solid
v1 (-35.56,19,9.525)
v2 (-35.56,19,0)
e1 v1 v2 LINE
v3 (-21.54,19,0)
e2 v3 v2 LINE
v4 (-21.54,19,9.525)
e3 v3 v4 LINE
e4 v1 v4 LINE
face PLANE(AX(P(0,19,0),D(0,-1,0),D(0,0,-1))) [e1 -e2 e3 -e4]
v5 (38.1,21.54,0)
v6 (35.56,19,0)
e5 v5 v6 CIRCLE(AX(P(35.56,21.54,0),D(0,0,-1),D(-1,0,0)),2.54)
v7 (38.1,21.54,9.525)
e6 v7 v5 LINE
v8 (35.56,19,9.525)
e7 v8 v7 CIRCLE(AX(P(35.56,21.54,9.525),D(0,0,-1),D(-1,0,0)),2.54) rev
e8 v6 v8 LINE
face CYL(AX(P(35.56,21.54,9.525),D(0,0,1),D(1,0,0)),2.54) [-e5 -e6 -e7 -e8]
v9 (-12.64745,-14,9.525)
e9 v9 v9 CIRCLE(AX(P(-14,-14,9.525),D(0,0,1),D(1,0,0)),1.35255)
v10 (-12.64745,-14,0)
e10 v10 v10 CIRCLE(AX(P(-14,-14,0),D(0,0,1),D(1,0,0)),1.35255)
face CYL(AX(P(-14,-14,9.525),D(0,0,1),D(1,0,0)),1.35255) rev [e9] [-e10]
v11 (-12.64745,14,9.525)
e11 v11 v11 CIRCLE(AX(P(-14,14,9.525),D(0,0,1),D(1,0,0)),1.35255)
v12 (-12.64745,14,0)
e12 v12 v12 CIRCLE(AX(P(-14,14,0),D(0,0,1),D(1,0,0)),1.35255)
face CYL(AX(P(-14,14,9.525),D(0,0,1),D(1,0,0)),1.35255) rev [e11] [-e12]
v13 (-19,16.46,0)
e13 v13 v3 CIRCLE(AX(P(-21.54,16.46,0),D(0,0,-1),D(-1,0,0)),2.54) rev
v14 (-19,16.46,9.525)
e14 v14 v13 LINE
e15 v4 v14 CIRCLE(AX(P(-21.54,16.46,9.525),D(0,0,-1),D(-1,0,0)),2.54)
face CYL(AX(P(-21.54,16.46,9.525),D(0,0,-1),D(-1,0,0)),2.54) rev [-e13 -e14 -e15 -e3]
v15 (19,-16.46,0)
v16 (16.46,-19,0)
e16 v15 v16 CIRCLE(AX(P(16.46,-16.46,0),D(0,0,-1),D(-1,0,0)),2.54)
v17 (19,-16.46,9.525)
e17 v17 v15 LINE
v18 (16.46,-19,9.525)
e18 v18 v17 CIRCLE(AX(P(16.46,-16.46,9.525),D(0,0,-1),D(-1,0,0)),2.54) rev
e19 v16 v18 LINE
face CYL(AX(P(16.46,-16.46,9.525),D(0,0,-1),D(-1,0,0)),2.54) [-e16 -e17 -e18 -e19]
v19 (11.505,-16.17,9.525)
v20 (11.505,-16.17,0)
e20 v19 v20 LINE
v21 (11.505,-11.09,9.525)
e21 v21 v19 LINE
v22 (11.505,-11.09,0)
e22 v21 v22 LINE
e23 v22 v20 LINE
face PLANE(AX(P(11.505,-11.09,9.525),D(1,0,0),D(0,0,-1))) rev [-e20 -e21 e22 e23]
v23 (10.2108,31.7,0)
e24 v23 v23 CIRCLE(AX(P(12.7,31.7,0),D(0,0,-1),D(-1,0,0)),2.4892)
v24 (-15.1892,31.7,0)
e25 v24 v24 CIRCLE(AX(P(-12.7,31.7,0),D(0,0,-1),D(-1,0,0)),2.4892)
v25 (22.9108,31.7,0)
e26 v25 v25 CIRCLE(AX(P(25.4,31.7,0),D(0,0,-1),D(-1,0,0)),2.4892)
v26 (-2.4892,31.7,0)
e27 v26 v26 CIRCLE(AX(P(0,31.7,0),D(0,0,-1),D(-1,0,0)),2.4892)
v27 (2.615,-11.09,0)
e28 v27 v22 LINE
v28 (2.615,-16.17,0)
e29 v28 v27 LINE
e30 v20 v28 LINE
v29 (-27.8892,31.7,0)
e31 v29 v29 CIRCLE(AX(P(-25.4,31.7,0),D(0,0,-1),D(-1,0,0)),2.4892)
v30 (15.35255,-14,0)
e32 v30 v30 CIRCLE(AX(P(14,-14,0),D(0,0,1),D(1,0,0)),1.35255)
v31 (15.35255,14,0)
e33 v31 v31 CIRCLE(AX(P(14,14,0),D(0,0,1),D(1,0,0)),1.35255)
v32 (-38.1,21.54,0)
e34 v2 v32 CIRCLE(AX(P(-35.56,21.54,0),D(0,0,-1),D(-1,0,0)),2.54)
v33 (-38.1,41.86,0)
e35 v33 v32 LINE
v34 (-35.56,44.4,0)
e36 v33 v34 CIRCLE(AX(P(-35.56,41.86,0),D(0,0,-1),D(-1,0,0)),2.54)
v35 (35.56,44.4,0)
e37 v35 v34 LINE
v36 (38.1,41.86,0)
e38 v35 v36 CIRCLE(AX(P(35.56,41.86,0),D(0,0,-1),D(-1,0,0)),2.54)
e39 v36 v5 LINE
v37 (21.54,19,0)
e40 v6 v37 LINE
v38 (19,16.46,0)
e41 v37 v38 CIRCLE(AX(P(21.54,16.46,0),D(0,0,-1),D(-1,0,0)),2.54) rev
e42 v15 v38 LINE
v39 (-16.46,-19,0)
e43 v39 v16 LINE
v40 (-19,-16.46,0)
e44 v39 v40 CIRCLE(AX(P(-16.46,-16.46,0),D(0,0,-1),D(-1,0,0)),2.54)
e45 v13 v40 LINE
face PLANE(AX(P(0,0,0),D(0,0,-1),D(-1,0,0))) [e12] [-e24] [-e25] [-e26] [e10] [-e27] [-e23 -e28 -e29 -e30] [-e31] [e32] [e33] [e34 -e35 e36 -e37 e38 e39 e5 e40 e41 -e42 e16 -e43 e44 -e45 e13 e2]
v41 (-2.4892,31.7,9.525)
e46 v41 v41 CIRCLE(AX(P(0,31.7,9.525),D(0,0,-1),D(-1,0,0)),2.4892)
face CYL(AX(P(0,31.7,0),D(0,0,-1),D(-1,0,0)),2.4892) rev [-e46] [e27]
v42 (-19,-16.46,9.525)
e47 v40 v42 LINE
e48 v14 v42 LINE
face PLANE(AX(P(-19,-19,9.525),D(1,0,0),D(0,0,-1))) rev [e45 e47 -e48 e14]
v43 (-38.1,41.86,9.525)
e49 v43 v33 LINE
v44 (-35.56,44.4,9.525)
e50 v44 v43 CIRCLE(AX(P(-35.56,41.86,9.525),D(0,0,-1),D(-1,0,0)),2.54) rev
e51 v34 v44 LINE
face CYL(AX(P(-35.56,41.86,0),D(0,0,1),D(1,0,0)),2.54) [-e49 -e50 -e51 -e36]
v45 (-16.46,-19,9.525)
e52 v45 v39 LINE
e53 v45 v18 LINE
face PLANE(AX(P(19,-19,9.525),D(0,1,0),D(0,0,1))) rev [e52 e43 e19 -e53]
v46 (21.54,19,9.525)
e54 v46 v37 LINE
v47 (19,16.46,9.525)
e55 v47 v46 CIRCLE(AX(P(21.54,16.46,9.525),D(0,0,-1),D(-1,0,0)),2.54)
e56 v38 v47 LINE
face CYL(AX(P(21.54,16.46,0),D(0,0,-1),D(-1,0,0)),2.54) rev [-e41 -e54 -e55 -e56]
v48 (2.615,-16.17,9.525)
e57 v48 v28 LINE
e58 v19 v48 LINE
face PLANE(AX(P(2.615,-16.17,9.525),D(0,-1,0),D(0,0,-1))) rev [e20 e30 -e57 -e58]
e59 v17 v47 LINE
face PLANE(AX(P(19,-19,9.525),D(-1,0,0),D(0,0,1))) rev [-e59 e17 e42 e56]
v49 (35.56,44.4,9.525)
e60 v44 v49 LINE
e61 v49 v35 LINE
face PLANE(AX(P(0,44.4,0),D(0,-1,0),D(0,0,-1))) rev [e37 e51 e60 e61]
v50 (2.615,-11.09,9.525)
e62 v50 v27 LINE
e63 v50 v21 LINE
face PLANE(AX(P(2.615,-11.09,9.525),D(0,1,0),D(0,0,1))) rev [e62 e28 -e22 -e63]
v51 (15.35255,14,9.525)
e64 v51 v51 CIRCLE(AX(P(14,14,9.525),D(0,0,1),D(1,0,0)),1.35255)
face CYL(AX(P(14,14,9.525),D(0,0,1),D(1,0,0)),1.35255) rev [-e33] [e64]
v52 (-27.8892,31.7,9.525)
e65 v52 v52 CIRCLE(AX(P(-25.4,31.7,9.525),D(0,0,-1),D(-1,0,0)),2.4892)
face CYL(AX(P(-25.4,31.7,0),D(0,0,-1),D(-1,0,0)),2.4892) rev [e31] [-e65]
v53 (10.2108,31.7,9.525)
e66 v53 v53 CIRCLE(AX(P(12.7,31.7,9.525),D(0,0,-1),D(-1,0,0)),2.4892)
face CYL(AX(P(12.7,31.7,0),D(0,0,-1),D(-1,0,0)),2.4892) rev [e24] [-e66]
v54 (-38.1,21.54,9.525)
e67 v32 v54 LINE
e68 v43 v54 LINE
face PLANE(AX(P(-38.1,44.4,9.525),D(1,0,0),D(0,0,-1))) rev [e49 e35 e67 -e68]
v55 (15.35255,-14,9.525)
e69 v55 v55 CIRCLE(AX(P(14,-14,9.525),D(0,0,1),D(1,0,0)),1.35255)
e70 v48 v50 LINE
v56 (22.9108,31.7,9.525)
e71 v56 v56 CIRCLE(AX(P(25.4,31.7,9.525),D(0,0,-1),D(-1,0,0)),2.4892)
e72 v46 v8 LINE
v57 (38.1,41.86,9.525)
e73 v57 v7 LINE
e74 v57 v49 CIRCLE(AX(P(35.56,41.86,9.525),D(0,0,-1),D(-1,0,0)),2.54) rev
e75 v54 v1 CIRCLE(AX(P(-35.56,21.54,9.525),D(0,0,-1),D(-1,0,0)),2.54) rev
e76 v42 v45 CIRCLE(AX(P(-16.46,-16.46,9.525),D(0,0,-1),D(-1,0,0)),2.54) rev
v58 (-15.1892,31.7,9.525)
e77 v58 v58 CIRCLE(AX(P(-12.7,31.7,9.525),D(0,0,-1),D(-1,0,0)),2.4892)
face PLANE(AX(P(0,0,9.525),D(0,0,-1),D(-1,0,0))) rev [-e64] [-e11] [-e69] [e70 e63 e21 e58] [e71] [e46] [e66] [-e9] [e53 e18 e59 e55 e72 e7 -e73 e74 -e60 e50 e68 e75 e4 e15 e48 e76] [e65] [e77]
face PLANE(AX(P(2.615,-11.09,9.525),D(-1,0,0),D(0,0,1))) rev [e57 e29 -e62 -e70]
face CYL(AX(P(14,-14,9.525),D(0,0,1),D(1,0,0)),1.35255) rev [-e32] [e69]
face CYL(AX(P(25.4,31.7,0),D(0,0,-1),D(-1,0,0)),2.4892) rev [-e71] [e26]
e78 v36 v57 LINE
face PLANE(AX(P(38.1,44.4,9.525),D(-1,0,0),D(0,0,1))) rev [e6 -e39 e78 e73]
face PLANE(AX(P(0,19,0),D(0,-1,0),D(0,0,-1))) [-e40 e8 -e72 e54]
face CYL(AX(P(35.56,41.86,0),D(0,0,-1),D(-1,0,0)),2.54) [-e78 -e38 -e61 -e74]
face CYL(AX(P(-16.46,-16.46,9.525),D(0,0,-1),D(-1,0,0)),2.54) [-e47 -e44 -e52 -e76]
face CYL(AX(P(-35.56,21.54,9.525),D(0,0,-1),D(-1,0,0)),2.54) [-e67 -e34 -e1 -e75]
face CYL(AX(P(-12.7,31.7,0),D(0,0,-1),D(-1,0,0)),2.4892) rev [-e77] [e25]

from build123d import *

# Parameters (mm, degrees)
SKETCH1_W                    = 38
SKETCH1_H                    = 38
BOSS_EXTRUDE1_DEPTH          = 9.525
F_36_0_1065_DIAMETER_HOLE2_D = 2.7051
SKETCH7_W                    = 8.89
SKETCH7_H                    = 5.08
CUT_EXTRUDE1_DEPTH           = 29.508343077
SKETCH8_W                    = 76.2
SKETCH8_H                    = 9.525
BOSS_EXTRUDE2_DEPTH          = 25.4
F_9_0_196_DIAMETER_HOLE1_D   = 4.9784
FILLET1_R                    = 2.54


with BuildPart() as part:
    # Sketch1 → Boss-Extrude1 (new body)
    with BuildSketch(Plane(origin=(0, 0, 0), x_dir=(0, 1, 0), z_dir=(0, 0, 1))):
        Rectangle(SKETCH1_W, SKETCH1_H)
    extrude(amount=BOSS_EXTRUDE1_DEPTH)

    # #36 (0.1065) Diameter Hole2 (through all)
    with Locations(Plane.XY.offset(9.525)):
        with Locations((-14, -14), (14, -14), (14, 14), (-14, 14)):
            Hole(F_36_0_1065_DIAMETER_HOLE2_D / 2)

    # Sketch7 → Cut-Extrude1 (cut, through all)
    with BuildSketch(Plane(origin=(0, 0, 0), x_dir=(1, 0, 0), z_dir=(0, 0, -1))):
        with Locations((7.05999991, 13.629999978)):
            Rectangle(SKETCH7_W, SKETCH7_H)
    extrude(amount=-CUT_EXTRUDE1_DEPTH, mode=Mode.SUBTRACT)

    # Sketch8 → Boss-Extrude2 (add)
    with BuildSketch(Plane(origin=(0, 19, 0), x_dir=(-1, 0, 0), z_dir=(0, 1, 0))):
        with Locations((0, 4.7625)):
            Rectangle(SKETCH8_W, SKETCH8_H)
    extrude(amount=BOSS_EXTRUDE2_DEPTH)

    # #9 (0.196) Diameter Hole1 (through all)
    with Locations(Plane(origin=(0, 0, 0), x_dir=(1, 0, 0), z_dir=(0, 0, -1))):
        with Locations((-25.4, -31.7), (-12.7, -31.7), (0, -31.7), (12.7, -31.7), (25.4, -31.7)):
            Hole(F_9_0_196_DIAMETER_HOLE1_D / 2)

    # Fillet1
    fillet1_edges = [part.edges().sort_by_distance(p)[0] for p in [
        (-38.1, 19, 4.7625),
        (38.1, 19, 4.7625),
        (-38.1, 44.4, 4.7625),
        (38.1, 44.4, 4.7625),
        (19, 19, 4.7625),
        (19, -19, 4.7625),
        (-19, -19, 4.7625),
        (-19, 19, 4.7625),
    ]]
    fillet(fillet1_edges, radius=FILLET1_R)


solid = part.part
